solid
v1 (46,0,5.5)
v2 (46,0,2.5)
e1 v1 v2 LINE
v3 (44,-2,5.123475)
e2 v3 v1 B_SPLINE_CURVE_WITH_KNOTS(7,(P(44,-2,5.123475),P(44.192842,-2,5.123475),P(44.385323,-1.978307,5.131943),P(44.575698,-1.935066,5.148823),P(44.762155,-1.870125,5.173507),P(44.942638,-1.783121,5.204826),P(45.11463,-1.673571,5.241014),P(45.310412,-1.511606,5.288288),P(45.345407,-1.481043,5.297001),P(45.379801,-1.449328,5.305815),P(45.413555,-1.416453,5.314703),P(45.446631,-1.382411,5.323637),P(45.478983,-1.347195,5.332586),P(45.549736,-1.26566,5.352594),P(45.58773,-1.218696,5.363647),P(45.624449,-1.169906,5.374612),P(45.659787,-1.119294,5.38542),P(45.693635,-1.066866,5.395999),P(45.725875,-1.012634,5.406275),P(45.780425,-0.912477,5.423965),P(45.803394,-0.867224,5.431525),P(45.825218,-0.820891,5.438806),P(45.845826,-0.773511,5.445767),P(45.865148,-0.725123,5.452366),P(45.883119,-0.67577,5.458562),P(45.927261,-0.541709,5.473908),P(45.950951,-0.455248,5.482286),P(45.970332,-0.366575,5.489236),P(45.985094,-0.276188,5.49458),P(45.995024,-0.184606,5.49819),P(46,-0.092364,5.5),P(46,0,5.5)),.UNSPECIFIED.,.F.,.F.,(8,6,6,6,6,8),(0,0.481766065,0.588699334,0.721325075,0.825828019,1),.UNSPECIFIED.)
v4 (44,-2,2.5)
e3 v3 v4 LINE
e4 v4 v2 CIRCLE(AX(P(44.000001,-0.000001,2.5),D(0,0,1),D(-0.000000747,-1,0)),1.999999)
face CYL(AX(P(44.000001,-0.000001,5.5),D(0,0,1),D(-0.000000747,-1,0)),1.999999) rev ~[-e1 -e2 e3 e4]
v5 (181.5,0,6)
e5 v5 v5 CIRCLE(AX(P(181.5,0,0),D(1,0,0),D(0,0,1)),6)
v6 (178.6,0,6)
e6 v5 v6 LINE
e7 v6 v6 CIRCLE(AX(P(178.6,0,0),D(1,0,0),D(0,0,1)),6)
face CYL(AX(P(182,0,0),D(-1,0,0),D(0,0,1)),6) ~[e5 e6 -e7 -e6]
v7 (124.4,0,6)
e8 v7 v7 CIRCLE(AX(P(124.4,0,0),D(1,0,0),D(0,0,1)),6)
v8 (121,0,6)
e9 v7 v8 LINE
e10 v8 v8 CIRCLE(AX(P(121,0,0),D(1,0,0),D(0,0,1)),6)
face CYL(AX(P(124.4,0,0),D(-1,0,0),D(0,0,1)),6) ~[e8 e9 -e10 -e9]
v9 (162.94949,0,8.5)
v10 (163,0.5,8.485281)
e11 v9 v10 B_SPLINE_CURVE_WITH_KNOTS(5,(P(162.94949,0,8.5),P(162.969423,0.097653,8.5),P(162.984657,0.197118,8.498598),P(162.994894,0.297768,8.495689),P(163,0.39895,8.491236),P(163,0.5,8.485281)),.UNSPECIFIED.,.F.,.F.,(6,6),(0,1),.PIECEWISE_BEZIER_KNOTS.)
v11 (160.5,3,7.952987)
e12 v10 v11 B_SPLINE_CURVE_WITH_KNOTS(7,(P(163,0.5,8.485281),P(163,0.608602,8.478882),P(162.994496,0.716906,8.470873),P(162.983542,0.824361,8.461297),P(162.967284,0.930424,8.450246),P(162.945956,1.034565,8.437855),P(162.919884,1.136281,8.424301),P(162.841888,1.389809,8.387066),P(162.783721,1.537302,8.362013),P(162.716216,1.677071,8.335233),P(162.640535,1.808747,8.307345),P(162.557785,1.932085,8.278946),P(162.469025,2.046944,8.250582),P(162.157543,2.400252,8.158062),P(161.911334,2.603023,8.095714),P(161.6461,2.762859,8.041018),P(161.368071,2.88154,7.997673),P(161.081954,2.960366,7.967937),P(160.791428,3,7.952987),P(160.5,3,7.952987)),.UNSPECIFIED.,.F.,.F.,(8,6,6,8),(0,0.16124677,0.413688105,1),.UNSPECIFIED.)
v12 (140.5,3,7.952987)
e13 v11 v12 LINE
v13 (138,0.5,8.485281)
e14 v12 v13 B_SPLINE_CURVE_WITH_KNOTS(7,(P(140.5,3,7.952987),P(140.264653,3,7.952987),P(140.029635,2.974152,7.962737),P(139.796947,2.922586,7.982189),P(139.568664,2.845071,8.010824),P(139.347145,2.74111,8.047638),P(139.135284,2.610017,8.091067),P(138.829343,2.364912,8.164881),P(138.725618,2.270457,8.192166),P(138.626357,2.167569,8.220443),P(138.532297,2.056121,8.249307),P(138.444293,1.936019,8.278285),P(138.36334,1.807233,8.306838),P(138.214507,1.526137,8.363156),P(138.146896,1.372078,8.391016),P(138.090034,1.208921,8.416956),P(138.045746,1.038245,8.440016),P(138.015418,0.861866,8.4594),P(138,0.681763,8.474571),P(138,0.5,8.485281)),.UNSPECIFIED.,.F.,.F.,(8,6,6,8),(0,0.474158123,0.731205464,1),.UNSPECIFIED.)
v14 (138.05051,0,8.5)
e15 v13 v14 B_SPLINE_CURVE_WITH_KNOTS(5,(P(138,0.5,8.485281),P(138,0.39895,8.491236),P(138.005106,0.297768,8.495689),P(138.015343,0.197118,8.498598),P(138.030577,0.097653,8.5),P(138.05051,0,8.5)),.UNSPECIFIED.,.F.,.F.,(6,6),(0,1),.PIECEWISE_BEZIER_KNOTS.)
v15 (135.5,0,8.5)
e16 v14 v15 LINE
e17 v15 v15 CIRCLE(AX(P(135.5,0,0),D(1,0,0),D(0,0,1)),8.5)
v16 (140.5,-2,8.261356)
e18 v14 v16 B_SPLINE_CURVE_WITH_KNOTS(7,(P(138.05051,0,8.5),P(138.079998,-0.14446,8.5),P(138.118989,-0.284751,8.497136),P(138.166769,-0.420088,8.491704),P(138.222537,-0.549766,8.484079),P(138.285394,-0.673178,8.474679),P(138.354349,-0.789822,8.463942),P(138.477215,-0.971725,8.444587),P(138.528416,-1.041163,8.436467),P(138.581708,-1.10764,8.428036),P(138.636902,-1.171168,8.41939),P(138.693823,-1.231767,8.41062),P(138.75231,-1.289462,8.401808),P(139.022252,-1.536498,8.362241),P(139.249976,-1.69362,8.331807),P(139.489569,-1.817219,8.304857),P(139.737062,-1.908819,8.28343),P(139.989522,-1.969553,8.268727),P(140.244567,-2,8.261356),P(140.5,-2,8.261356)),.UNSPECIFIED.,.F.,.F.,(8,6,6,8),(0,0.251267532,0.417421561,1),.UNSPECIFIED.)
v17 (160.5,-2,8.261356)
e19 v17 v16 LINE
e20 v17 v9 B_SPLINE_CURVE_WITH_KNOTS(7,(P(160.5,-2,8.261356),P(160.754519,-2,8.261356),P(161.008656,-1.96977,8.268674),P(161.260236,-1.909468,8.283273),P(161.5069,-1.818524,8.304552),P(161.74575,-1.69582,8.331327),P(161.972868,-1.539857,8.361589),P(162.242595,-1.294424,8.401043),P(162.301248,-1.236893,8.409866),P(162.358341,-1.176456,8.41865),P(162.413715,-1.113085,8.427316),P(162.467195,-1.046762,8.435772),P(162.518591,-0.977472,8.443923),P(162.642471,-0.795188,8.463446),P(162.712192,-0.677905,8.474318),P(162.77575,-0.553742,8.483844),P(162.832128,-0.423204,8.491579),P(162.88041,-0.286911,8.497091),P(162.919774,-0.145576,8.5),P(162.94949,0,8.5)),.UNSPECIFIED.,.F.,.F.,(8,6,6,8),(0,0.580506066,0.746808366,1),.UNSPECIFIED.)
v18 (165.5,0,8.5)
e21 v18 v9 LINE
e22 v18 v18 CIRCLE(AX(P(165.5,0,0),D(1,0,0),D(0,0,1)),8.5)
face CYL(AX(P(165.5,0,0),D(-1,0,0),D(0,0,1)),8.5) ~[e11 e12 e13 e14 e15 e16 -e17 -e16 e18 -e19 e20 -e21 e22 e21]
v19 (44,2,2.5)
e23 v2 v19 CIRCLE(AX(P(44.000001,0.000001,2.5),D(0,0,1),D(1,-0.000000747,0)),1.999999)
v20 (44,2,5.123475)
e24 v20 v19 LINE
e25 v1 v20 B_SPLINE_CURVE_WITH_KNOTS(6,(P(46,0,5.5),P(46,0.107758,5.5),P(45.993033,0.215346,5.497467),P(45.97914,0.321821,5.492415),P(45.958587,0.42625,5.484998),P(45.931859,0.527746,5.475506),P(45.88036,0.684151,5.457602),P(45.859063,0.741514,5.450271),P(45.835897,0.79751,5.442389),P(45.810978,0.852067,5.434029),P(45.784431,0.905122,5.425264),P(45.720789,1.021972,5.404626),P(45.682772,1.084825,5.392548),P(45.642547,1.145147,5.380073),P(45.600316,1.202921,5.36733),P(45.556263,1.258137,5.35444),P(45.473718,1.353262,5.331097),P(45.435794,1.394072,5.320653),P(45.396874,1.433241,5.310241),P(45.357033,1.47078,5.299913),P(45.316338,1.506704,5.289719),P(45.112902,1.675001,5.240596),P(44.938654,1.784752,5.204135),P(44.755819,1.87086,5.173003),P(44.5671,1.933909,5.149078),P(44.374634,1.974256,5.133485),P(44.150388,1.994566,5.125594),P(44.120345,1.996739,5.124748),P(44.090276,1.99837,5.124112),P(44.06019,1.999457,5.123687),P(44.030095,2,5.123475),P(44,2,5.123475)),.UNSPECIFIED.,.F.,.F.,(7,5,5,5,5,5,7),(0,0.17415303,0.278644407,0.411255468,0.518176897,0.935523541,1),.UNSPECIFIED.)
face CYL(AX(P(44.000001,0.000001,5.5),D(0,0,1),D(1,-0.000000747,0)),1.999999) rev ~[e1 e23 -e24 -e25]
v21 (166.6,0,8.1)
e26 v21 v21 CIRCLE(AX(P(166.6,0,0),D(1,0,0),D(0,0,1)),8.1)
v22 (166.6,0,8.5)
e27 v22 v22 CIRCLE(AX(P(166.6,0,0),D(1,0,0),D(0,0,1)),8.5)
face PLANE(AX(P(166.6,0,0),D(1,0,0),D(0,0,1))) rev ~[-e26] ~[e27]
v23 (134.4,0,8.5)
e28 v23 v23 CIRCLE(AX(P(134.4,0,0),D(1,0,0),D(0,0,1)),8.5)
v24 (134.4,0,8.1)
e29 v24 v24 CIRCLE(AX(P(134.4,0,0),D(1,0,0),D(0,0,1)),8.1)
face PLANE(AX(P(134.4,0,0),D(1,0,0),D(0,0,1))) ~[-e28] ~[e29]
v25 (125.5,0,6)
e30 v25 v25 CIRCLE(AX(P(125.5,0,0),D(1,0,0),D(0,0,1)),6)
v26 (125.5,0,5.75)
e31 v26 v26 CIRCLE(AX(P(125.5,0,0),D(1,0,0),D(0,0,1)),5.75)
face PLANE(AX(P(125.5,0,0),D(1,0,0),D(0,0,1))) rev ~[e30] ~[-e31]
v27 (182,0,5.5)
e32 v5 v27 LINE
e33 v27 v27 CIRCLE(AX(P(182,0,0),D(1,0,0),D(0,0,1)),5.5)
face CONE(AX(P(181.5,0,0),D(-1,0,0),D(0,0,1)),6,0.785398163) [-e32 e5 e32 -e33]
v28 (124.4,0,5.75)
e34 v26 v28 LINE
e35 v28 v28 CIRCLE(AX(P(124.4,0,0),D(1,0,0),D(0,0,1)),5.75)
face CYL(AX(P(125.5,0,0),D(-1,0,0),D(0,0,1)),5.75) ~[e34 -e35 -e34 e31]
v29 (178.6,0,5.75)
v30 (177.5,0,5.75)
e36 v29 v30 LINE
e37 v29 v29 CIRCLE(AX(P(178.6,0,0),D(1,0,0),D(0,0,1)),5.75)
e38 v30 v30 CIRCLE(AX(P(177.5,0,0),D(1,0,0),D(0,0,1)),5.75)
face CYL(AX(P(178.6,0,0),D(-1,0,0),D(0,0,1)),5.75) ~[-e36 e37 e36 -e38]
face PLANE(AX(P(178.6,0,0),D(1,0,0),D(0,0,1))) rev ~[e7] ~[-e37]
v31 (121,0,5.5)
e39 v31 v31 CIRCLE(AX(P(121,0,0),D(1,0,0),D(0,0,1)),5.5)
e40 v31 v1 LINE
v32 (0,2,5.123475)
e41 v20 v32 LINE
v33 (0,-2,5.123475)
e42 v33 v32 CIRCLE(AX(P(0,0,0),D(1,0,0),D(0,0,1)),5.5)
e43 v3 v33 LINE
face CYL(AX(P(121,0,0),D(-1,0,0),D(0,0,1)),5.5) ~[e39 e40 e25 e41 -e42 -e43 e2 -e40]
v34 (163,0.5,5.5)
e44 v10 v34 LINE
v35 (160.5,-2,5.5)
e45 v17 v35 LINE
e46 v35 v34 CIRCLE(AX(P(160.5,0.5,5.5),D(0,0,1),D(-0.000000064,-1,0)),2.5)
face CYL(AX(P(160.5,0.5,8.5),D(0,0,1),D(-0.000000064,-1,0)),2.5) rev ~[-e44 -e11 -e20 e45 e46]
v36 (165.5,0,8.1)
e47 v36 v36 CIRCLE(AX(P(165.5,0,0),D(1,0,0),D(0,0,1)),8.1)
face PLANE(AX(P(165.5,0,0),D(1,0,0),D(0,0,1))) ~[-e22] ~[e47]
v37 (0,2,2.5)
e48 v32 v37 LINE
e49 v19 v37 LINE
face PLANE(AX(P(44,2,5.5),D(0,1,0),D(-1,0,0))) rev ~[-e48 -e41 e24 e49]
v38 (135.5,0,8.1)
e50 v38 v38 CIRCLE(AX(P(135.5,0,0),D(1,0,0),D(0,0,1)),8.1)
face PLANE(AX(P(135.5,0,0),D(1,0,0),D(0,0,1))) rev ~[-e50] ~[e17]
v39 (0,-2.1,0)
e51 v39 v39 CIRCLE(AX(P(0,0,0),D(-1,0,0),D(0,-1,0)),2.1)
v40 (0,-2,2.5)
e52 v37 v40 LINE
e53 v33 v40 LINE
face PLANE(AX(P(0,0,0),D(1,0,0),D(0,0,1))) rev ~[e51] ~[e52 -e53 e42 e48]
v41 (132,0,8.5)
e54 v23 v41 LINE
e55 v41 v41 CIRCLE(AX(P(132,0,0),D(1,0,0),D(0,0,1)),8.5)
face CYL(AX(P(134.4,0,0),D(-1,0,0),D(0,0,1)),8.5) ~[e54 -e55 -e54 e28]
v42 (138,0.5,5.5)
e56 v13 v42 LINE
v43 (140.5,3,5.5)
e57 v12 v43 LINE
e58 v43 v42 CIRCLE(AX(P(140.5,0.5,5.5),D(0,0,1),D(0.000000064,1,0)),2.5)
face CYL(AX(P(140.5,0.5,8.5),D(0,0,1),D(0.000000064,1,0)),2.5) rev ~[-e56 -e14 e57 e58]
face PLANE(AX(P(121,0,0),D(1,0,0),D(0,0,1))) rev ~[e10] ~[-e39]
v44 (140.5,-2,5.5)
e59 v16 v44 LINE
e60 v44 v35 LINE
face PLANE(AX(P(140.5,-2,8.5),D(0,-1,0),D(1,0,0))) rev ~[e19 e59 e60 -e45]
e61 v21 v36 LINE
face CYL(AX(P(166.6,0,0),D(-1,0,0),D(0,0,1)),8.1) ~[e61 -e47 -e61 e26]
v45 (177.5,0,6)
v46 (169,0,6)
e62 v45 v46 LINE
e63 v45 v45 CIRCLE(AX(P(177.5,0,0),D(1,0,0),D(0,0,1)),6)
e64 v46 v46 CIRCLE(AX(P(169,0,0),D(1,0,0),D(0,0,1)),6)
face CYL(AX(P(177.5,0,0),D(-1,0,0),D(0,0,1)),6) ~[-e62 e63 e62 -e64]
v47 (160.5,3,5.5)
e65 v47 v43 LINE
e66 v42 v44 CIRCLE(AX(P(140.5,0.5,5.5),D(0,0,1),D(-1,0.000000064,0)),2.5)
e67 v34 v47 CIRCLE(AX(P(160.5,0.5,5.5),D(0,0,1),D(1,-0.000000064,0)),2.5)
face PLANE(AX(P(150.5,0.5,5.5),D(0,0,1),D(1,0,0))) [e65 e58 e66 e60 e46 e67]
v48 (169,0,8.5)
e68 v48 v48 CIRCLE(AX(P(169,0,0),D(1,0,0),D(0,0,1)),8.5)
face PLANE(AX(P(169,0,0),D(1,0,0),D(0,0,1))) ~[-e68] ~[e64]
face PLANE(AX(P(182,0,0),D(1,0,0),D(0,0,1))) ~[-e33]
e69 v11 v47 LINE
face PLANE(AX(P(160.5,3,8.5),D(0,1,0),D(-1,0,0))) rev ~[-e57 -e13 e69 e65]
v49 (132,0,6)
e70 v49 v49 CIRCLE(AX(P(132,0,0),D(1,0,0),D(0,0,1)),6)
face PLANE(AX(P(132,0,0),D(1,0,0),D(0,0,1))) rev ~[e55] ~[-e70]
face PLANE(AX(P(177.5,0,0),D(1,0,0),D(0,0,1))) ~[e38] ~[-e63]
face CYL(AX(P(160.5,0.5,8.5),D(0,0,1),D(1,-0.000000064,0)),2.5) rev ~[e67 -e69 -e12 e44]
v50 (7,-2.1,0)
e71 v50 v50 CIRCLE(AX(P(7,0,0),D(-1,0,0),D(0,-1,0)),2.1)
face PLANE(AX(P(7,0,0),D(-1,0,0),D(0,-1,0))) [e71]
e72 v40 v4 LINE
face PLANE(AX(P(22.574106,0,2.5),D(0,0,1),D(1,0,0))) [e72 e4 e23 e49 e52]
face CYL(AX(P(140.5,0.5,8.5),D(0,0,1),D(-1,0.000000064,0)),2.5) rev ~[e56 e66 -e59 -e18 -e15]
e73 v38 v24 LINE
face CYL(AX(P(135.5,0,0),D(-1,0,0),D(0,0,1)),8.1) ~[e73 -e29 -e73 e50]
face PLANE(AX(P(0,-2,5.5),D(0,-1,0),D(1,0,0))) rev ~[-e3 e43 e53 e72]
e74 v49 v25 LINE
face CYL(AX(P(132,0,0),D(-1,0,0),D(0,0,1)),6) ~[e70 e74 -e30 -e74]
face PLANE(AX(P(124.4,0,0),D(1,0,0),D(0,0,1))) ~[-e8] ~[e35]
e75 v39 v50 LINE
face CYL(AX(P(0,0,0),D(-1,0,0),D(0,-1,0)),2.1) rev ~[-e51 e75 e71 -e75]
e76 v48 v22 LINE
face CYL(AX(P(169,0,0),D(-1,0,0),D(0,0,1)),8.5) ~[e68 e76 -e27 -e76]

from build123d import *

# Parameters (mm, degrees)
F4_DEPTH = 3
F7_DEPTH = 3
F8_R     = 2.1
F9_DEPTH = 7
F10_SIZE = 0.5


with BuildPart() as f1:
    # F0 (on Front) → F1 (revolve)
    with BuildSketch(Plane.XZ):
        Polygon((0, 5.5), (0, 0), (182, 0), (182, 6), (178.6, 6), (178.6, 5.75), (177.5, 5.75), (177.5, 6), (169, 6), (169, 8.5), (166.6, 8.5), (166.6, 8.1), (165.5, 8.1), (165.5, 8.5), (135.5, 8.5), (135.5, 8.1), (134.4, 8.1), (134.4, 8.5), (132, 8.5), (132, 6), (125.5, 6), (125.5, 5.75), (124.4, 5.75), (124.4, 6), (121, 6), (121, 5.5), align=None)
    revolve(axis=Axis((91, 0, 0), (1, 0, 0)))

    # F3 (on offset) → F4 (cut)
    with BuildSketch(Plane.XY.offset(5.5)):
        with BuildLine():
            Line((0, 2), (0, -2))
            Line((0, -2), (44, -2))
            ThreePointArc((44, -2), (45.414214, -1.414214), (46, 0))
            ThreePointArc((46, 0), (45.414214, 1.414214), (44, 2))
            Line((44, 2), (0, 2))
        make_face()
    extrude(amount=-F4_DEPTH, mode=Mode.SUBTRACT)

    # F6 (on offset) → F7 (cut)
    with BuildSketch(Plane.XY.offset(8.5)):
        with BuildLine():
            ThreePointArc((138, 0.5), (138.732233, -1.267767), (140.5, -2))
            Line((140.5, -2), (160.5, -2))
            ThreePointArc((160.5, -2), (162.267767, -1.267767), (163, 0.5))
            ThreePointArc((163, 0.5), (162.267767, 2.267767), (160.5, 3))
            Line((160.5, 3), (140.5, 3))
            ThreePointArc((140.5, 3), (138.732233, 2.267767), (138, 0.5))
        make_face()
    extrude(amount=-F7_DEPTH, mode=Mode.SUBTRACT)

    # F8 (on face) → F9 (cut)
    with BuildSketch(Plane(origin=(0, 0, 0), x_dir=(0, -1, 0), z_dir=(-1, 0, 0))):
        Circle(F8_R)
    extrude(amount=-F9_DEPTH, mode=Mode.SUBTRACT)

    # F10
    f10_edges = [f1.edges().sort_by_distance(p)[0] for p in [
        (182, 0, -6),
    ]]
    chamfer(f10_edges, length=F10_SIZE)


solid = f1.part
